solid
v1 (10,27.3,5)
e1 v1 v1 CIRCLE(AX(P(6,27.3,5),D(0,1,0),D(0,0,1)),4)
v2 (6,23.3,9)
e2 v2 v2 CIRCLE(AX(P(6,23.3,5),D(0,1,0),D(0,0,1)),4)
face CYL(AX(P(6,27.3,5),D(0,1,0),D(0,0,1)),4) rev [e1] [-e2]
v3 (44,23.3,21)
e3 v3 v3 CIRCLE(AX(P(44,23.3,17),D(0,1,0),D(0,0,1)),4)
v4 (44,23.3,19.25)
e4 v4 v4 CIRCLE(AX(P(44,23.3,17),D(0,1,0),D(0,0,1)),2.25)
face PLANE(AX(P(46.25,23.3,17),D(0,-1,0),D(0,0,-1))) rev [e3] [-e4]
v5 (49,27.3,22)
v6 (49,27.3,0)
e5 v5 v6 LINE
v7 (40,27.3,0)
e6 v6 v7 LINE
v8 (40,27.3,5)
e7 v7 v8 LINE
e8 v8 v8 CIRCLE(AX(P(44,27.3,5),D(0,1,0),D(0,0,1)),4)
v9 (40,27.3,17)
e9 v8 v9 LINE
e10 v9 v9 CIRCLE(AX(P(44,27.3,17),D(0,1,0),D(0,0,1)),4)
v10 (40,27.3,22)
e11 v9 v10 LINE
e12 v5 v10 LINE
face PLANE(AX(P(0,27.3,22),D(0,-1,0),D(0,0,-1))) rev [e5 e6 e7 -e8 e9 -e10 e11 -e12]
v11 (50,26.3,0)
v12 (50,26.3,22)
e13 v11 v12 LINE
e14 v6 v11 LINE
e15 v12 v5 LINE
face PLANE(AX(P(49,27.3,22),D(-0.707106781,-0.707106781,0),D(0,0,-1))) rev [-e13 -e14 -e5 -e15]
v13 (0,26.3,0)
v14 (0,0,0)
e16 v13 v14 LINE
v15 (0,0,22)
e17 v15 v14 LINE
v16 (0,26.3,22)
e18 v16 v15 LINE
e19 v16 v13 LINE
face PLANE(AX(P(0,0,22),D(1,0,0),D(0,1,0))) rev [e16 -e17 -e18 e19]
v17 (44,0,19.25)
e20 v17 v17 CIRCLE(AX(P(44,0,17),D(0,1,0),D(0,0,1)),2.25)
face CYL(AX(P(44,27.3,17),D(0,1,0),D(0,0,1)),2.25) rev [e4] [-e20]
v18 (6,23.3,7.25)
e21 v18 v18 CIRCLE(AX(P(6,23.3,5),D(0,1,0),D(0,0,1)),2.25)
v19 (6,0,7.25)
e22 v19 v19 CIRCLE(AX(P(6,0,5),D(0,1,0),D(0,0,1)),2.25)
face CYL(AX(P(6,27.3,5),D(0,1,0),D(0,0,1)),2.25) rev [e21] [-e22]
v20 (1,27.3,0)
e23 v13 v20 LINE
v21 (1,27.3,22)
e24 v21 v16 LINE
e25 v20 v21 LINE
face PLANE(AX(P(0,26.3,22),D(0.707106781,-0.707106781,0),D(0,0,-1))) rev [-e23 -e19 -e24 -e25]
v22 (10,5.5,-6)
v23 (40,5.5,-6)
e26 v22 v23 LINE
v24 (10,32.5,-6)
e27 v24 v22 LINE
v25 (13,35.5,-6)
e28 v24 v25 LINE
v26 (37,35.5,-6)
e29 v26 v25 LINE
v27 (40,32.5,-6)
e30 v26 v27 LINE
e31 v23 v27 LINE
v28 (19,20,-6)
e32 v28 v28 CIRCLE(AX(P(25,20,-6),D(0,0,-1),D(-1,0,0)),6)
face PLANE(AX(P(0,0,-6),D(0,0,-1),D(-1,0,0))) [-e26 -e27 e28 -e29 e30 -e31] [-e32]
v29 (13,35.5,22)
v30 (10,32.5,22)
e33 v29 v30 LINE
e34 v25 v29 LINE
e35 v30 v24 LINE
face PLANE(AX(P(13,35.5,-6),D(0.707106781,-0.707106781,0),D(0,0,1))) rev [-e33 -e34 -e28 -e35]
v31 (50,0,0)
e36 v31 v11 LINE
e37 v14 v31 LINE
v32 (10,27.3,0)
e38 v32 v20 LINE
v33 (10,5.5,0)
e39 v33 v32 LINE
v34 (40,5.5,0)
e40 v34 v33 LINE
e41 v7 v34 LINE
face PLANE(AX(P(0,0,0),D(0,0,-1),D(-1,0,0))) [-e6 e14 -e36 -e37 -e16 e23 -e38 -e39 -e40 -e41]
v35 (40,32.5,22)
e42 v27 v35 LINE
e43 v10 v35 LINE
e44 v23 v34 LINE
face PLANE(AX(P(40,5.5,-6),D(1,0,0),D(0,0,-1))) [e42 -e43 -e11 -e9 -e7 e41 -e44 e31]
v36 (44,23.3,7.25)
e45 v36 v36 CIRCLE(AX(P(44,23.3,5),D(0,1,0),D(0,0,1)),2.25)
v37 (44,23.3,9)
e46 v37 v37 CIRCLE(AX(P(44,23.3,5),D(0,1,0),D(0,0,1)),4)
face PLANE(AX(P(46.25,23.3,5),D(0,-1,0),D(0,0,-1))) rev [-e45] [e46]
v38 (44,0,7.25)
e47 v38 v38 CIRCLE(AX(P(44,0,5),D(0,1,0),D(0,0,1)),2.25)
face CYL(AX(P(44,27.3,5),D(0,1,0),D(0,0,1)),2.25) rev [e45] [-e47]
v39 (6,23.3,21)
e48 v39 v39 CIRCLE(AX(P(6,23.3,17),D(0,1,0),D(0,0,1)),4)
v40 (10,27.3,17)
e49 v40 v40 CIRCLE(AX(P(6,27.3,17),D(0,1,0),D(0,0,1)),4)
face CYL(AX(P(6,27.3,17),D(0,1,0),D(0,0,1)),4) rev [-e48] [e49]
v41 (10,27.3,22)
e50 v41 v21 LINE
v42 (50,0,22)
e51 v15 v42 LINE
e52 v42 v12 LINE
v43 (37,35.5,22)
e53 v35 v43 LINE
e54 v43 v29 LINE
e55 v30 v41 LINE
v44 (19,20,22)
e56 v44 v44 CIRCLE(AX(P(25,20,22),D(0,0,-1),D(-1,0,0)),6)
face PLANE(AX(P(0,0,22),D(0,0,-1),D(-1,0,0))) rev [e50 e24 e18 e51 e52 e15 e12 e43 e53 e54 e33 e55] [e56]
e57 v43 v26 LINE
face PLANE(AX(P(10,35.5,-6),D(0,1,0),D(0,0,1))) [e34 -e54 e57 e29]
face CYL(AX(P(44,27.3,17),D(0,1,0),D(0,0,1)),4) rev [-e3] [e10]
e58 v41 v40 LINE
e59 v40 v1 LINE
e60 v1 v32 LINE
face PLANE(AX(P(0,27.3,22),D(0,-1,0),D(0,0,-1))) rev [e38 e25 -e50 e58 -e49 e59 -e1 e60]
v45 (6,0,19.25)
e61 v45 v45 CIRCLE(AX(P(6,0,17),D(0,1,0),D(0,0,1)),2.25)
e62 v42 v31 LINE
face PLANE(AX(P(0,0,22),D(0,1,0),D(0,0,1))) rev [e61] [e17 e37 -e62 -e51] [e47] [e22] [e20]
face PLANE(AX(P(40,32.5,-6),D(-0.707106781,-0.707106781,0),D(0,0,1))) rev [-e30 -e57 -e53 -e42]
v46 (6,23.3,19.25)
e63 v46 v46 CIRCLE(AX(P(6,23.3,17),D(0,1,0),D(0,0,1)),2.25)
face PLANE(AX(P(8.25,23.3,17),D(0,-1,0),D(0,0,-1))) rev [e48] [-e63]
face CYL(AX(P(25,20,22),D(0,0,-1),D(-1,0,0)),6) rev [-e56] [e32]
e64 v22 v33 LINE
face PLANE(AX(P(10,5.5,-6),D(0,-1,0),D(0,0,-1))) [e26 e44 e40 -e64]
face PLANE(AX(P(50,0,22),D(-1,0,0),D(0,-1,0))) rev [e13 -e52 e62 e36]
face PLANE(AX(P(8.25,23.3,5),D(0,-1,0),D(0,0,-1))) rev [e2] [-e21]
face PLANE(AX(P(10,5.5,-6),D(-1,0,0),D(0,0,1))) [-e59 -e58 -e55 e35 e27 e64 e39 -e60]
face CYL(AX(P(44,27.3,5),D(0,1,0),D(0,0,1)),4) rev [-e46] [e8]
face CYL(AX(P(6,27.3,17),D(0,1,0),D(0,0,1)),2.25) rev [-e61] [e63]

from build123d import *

# Parameters (mm, degrees)
SKETCH_1_W                   = 50
SKETCH_1_H                   = 27.3
EXTRUDE_1_DEPTH              = 22
SKETCH_2_W                   = 30
SKETCH_2_H                   = 30
EXTRUDE_2_DEPTH              = 28
SKETCH_3_R                   = 6
CUT_EXTRUDE_1_DEPTH          = 68.411052506
CHAMFER_1_SIZE               = 3
CHAMFER_2_SIZE               = 1
HOLE_WIZARD_M4_1_D           = 4.5
HOLE_WIZARD_M4_1_CBORE_D     = 8
HOLE_WIZARD_M4_1_CBORE_DEPTH = 4


with BuildPart() as part:
    # 스케치1 → 보스-돌출1 (new body)
    with BuildSketch(Plane.XY):
        with Locations((25, 13.65)):
            Rectangle(SKETCH_1_W, SKETCH_1_H)
    extrude(amount=EXTRUDE_1_DEPTH)

    # 스케치2 → 보스-돌출2 (add)
    with BuildSketch(Plane.XY.offset(22)):
        with Locations((25, 20.5)):
            Rectangle(SKETCH_2_W, SKETCH_2_H)
    extrude(amount=-EXTRUDE_2_DEPTH)

    # 스케치3 → 컷-돌출1 (cut, through all)
    with BuildSketch(Plane(origin=(0, 0, -6), x_dir=(-1, 0, 0), z_dir=(0, 0, -1))):
        with Locations((-25, 20)):
            Circle(SKETCH_3_R)
    extrude(amount=-CUT_EXTRUDE_1_DEPTH, mode=Mode.SUBTRACT)

    # 모따기1
    chamfer_1_edges = [part.edges().sort_by_distance(p)[0] for p in [
        (40, 35.5, 8),
        (10, 35.5, 8),
    ]]
    chamfer(chamfer_1_edges, length=CHAMFER_1_SIZE)

    # 모따기2
    chamfer_2_edges = [part.edges().sort_by_distance(p)[0] for p in [
        (0, 27.3, 11),
        (50, 27.3, 11),
    ]]
    chamfer(chamfer_2_edges, length=CHAMFER_2_SIZE)

    # M4 소켓 머리 캡 나사용 카운터보어1 (through all)
    with Locations(Plane(origin=(0, 27.3, 0), x_dir=(1, 0, 0), z_dir=(0, 1, 0))):
        with Locations((44, -5), (44, -17), (6, -17), (6, -5)):
            CounterBoreHole(HOLE_WIZARD_M4_1_D / 2, HOLE_WIZARD_M4_1_CBORE_D / 2, HOLE_WIZARD_M4_1_CBORE_DEPTH)


solid = part.part
